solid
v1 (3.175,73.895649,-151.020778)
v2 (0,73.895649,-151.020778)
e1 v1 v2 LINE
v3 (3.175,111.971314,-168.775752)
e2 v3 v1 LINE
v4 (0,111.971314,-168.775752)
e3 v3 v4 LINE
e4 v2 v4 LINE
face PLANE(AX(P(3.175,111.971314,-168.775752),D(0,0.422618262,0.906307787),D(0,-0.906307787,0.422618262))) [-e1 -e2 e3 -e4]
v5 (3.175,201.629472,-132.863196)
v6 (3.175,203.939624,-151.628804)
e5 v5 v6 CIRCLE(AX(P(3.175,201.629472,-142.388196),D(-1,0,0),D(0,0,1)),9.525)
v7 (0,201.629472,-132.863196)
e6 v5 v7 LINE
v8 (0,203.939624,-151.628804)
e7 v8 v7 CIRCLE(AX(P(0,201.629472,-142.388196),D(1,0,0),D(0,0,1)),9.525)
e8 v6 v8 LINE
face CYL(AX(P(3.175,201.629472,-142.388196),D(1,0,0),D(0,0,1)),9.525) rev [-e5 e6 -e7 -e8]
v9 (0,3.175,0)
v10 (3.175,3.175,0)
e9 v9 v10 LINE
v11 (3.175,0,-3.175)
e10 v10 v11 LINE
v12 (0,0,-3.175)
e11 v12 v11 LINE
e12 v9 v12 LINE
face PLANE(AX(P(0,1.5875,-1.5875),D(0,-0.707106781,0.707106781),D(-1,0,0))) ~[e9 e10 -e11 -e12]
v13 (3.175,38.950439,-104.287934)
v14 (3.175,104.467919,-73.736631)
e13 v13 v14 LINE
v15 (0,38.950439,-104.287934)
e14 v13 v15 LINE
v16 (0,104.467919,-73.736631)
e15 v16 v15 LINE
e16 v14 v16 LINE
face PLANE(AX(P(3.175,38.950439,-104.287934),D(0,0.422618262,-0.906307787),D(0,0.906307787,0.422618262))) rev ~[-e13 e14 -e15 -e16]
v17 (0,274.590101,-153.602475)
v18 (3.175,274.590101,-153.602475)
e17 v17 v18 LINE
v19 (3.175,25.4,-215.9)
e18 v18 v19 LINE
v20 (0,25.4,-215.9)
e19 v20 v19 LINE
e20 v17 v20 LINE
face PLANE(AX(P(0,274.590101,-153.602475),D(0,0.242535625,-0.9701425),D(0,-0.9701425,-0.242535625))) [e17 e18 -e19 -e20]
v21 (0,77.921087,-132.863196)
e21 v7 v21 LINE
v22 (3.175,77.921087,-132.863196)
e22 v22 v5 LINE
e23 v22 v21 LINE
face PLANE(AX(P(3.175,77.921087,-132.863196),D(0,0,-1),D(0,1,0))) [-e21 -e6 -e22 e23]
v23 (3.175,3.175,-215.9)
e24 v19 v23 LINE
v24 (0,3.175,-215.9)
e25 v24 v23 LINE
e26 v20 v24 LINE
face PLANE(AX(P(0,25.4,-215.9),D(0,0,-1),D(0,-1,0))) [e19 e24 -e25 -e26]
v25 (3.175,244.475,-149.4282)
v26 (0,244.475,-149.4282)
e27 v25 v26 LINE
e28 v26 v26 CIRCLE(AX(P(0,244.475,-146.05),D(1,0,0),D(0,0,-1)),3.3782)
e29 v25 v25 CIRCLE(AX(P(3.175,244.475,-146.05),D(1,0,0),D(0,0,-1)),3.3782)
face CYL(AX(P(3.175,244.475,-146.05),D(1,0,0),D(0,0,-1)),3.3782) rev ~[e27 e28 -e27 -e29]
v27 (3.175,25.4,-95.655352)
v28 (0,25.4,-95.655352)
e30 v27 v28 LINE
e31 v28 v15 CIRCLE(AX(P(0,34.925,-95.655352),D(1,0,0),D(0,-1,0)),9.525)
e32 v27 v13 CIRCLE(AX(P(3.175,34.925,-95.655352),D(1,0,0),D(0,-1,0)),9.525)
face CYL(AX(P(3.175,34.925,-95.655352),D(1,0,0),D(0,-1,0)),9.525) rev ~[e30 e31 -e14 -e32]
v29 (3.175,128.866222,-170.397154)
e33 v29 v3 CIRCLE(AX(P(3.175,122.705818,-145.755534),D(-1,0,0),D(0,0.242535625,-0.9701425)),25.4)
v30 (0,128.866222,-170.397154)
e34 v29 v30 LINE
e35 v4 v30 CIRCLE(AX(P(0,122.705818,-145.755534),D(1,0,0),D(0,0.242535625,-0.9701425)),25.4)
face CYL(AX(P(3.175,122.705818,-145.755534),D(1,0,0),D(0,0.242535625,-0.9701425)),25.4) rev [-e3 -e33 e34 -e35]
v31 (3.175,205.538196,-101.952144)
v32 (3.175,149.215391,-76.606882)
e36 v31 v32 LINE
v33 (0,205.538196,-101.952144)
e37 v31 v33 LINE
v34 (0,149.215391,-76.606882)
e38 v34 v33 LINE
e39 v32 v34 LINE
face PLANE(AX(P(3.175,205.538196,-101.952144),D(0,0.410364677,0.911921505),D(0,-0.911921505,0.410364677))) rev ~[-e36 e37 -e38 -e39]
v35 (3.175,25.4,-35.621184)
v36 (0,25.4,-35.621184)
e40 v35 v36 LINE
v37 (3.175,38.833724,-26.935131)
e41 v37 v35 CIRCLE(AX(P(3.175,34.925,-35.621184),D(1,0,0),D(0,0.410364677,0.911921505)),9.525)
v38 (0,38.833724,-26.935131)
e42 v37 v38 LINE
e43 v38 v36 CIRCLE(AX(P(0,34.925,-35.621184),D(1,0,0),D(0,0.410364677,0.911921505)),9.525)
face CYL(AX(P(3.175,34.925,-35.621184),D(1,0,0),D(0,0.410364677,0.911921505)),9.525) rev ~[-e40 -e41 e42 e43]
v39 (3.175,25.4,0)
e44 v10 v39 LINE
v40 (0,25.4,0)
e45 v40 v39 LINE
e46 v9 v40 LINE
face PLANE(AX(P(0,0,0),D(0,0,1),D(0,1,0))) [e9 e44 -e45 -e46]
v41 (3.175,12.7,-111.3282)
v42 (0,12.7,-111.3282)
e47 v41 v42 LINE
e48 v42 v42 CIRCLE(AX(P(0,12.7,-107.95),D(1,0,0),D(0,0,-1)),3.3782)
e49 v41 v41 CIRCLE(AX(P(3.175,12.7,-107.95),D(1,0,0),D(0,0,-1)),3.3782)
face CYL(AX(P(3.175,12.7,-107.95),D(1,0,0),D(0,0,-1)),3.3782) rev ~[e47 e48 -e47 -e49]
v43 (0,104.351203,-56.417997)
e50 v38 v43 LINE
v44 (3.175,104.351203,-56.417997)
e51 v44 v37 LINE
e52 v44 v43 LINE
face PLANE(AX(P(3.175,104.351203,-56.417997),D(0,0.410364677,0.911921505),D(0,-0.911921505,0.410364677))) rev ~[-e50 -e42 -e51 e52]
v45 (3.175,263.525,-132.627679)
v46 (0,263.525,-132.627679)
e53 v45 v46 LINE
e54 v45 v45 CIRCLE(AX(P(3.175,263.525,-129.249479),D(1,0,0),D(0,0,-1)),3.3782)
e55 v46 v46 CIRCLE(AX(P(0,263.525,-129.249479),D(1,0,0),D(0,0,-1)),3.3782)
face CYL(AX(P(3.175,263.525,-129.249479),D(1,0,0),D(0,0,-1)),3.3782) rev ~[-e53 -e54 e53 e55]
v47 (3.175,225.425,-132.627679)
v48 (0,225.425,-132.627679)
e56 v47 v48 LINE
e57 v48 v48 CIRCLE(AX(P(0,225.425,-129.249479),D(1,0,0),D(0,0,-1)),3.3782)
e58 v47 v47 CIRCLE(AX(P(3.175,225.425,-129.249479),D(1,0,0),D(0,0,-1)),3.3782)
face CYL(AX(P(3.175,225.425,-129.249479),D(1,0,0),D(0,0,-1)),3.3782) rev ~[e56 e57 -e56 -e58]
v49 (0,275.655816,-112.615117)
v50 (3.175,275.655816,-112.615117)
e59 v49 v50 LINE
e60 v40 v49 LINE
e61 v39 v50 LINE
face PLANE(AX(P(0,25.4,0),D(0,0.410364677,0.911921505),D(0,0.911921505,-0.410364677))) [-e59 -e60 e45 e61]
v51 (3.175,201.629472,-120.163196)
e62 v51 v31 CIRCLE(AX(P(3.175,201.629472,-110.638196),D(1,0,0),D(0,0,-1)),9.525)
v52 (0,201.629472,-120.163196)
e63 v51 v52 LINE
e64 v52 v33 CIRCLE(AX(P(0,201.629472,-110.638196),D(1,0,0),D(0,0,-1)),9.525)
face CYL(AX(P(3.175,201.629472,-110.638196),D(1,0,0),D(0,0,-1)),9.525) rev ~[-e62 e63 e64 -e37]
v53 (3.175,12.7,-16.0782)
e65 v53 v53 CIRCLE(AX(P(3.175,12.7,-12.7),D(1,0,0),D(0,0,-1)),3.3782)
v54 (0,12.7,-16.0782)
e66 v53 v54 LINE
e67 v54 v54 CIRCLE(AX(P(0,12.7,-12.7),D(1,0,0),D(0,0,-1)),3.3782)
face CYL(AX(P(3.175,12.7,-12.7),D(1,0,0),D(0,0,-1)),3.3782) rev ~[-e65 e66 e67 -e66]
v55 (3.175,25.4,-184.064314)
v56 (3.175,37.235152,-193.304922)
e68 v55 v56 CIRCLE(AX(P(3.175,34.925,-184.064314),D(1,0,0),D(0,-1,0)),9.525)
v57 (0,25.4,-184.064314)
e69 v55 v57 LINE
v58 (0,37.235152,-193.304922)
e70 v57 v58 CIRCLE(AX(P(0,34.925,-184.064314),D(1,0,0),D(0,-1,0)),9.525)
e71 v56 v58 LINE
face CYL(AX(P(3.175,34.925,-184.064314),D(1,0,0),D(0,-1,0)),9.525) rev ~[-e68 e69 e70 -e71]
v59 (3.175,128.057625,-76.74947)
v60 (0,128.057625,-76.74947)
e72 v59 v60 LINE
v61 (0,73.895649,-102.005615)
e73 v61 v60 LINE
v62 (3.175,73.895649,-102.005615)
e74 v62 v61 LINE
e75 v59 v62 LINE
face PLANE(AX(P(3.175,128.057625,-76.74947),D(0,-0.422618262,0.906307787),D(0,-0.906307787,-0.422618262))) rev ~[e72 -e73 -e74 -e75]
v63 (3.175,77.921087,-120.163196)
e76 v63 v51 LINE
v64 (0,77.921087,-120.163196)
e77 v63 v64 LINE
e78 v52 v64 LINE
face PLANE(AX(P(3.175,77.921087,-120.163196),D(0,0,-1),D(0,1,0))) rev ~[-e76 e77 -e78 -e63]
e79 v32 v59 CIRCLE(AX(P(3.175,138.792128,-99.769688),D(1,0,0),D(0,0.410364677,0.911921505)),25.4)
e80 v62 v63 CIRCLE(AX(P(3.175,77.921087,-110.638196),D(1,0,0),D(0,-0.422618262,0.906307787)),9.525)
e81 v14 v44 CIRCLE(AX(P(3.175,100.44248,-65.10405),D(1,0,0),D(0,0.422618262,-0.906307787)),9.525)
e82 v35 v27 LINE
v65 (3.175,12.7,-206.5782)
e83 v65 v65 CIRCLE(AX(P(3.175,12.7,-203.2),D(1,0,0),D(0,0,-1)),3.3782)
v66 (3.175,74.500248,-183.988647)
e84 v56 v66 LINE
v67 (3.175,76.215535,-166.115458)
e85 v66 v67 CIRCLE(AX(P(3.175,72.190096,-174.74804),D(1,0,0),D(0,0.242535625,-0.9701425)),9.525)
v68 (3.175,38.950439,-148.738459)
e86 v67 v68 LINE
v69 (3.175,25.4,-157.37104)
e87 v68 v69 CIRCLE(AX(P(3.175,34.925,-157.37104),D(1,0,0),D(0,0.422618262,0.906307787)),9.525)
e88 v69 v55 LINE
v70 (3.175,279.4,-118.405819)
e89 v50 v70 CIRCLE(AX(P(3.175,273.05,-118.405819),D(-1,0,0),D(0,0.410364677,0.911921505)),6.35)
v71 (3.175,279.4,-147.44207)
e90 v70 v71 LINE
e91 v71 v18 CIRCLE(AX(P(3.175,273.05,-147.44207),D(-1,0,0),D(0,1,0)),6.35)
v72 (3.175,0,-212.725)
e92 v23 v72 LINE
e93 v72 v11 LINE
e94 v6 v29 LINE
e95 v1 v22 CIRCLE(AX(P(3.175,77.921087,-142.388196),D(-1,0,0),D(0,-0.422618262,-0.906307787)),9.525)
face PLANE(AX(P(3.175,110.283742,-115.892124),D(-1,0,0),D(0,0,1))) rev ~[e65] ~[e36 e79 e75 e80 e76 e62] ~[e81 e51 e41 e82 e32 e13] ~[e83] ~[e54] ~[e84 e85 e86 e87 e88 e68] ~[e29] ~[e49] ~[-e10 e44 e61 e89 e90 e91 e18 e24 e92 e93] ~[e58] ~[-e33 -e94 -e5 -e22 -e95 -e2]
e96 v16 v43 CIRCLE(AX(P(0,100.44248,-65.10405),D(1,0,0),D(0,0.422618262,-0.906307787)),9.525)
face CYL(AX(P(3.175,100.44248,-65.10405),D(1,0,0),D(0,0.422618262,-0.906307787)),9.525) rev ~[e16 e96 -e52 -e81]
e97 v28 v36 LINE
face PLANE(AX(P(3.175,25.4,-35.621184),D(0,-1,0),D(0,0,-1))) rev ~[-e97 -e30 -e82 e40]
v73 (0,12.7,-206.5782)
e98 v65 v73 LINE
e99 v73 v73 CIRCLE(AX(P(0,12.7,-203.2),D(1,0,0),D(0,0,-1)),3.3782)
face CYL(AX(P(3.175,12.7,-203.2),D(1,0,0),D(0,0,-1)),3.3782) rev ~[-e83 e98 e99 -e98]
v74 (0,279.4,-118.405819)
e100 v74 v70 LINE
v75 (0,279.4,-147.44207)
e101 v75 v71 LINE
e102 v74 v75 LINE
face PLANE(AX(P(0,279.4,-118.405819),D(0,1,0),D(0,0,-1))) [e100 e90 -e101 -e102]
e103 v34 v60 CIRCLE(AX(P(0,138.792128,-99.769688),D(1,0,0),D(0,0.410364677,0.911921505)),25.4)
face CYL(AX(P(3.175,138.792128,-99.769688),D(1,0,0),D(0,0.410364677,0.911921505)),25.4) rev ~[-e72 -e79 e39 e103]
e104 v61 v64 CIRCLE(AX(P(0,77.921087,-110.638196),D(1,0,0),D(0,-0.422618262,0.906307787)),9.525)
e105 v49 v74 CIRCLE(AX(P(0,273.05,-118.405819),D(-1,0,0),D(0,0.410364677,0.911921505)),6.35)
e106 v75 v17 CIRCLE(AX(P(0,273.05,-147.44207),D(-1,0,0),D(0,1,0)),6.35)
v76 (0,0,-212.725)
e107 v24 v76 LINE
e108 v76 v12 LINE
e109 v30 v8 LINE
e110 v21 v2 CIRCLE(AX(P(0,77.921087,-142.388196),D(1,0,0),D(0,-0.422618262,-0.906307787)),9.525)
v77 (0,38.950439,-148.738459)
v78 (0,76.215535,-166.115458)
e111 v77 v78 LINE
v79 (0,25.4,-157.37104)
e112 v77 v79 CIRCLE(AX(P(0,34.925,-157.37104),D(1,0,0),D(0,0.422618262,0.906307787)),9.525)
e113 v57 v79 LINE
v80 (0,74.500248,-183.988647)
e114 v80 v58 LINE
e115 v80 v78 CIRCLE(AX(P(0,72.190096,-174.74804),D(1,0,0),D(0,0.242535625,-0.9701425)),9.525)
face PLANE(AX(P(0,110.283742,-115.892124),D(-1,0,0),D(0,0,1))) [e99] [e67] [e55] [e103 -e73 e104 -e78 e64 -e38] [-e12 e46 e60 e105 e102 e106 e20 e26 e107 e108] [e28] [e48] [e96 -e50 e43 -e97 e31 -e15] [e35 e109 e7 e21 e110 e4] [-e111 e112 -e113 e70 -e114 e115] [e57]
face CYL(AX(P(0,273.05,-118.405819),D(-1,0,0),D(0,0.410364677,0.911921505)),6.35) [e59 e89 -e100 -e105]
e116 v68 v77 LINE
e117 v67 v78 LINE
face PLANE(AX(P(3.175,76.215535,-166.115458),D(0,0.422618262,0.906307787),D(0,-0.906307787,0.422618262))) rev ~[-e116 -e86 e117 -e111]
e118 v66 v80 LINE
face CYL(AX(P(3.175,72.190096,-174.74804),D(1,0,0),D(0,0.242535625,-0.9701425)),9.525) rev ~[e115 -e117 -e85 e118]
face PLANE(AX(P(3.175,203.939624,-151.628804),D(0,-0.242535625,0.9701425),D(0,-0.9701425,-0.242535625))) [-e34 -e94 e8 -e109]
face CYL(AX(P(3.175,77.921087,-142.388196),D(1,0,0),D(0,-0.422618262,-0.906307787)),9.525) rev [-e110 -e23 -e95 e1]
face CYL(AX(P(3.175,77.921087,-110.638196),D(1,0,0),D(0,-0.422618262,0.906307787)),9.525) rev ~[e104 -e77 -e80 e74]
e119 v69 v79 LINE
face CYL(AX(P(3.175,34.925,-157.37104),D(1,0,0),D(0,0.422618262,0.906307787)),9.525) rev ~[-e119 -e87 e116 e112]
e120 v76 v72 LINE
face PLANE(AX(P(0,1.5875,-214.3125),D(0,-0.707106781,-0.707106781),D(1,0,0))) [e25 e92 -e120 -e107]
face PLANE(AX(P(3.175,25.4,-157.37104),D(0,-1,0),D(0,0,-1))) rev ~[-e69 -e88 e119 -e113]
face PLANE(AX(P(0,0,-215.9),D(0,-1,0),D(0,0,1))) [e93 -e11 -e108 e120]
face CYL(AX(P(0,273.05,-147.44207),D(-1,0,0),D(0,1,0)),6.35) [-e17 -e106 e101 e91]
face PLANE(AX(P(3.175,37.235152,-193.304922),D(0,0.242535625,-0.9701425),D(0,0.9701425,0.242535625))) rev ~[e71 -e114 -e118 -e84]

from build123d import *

# Parameters (mm, degrees)
BOSS_EXTRUDE1_DEPTH = 3.175
SKETCH3_R           = 3.3782
CUT_EXTRUDE2_DEPTH  = 4.175
SKETCH4_R           = 3.3782
CUT_EXTRUDE3_DEPTH  = 4.175
CHAMFER1_SIZE       = 3.175
CUT_EXTRUDE4_DEPTH  = 4.175


with BuildPart() as part:
    # Sketch1 → Boss-Extrude1 (new body)
    with BuildSketch(Plane(origin=(0, 0, 0), x_dir=(0, 0, -1), z_dir=(1, 0, 0))):
        with BuildLine():
            Line((118.405818623, 279.4), (147.442069819, 279.4))
            ThreePointArc((147.442069819, 279.4), (151.349937349, 278.055104531), (153.602474695, 274.590101219))
            Line((153.602474695, 274.590101219), (215.9, 25.4))
            Line((215.9, 25.4), (215.9, 0))
            Line((215.9, 0), (0, 0))
            Line((0, 0), (0, 25.4))
            Line((0, 25.4), (112.615117065, 275.655815701))
            ThreePointArc((112.615117065, 275.655815701), (114.95795187, 278.382421106), (118.405818623, 279.4))
        make_face()
    extrude(amount=BOSS_EXTRUDE1_DEPTH)

    # Sketch3 → Cut-Extrude2 (cut, through all)
    with BuildSketch(Plane(origin=(3.175, 0, 0), x_dir=(0, 0, -1), z_dir=(1, 0, 0))):
        with Locations((146.05, 244.475)):
            Circle(SKETCH3_R)
        with Locations((129.249479175, 225.425)):
            Circle(SKETCH3_R)
        with Locations((129.249479175, 263.525)):
            Circle(SKETCH3_R)
    extrude(amount=-CUT_EXTRUDE2_DEPTH, mode=Mode.SUBTRACT)

    # Sketch4 → Cut-Extrude3 (cut, through all)
    with BuildSketch(Plane(origin=(3.175, 0, 0), x_dir=(0, 0, -1), z_dir=(1, 0, 0))):
        with Locations((12.7, 12.7)):
            Circle(SKETCH4_R)
        with Locations((107.95, 12.7)):
            Circle(SKETCH4_R)
        with Locations((203.2, 12.7)):
            Circle(SKETCH4_R)
    extrude(amount=-CUT_EXTRUDE3_DEPTH, mode=Mode.SUBTRACT)

    # Chamfer1
    chamfer1_edges = [part.edges().sort_by_distance(p)[0] for p in [
        (1.5875, 0, -215.9),
        (1.5875, 0, 0),
    ]]
    chamfer(chamfer1_edges, length=CHAMFER1_SIZE)

    # Sketch5 → Cut-Extrude4 (cut, through all)
    with BuildSketch(Plane(origin=(3.175, 0, 0), x_dir=(0, 0, -1), z_dir=(1, 0, 0))):
        with BuildLine():
            Line((35.621183805, 25.4), (95.655352116, 25.4))
            ThreePointArc((95.655352116, 25.4), (103.688655638, 29.80722123), (104.287933788, 38.950438943))
            Line((104.287933788, 38.950438943), (73.736631302, 104.467918555))
            ThreePointArc((73.736631302, 104.467918555), (65.039859299, 109.967263315), (56.417997293, 104.351203163))
            Line((56.417997293, 104.351203163), (26.935131468, 38.833723552))
            ThreePointArc((26.935131468, 38.833723552), (27.622552146, 29.75319987), (35.621183805, 25.4))
        make_face()
        with BuildLine():
            Line((101.952143857, 205.538195526), (76.606881892, 149.21539116))
            ThreePointArc((76.606881892, 149.21539116), (74.370264914, 138.620954139), (76.749470333, 128.057624508))
            Line((76.749470333, 128.057624508), (102.005614522, 73.895648509))
            ThreePointArc((102.005614522, 73.895648509), (112.699783516, 68.621867985), (120.163196193, 77.921087453))
            Line((120.163196193, 77.921087453), (120.163196193, 201.629471974))
            ThreePointArc((120.163196193, 201.629471974), (112.637067937, 210.942373603), (101.952143857, 205.538195526))
        make_face()
        with BuildLine():
            Line((151.628803507, 203.939623803), (170.39715385, 128.866222433))
            ThreePointArc((170.39715385, 128.866222433), (171.039366508, 120.279332191), (168.775752137, 111.971313709))
            Line((168.775752137, 111.971313709), (151.020777865, 73.895648509))
            ThreePointArc((151.020777865, 73.895648509), (140.326608871, 68.621867985), (132.863196193, 77.921087453))
            Line((132.863196193, 77.921087453), (132.863196193, 201.629471974))
            ThreePointArc((132.863196193, 201.629471974), (141.224400607, 211.083106452), (151.628803507, 203.939623803))
        make_face()
        with BuildLine():
            Line((157.371040271, 25.4), (184.064314187, 25.4))
            ThreePointArc((184.064314187, 25.4), (191.571970984, 29.063198705), (193.304921501, 37.235151828))
            Line((193.304921501, 37.235151828), (183.988647407, 74.500248205))
            ThreePointArc((183.988647407, 74.500248205), (175.657972105, 81.671533437), (166.115458421, 76.21553532))
            Line((166.115458421, 76.21553532), (148.738458599, 38.950438943))
            ThreePointArc((148.738458599, 38.950438943), (149.337736749, 29.80722123), (157.371040271, 25.4))
        make_face()
    extrude(amount=-CUT_EXTRUDE4_DEPTH, mode=Mode.SUBTRACT)


solid = part.part
